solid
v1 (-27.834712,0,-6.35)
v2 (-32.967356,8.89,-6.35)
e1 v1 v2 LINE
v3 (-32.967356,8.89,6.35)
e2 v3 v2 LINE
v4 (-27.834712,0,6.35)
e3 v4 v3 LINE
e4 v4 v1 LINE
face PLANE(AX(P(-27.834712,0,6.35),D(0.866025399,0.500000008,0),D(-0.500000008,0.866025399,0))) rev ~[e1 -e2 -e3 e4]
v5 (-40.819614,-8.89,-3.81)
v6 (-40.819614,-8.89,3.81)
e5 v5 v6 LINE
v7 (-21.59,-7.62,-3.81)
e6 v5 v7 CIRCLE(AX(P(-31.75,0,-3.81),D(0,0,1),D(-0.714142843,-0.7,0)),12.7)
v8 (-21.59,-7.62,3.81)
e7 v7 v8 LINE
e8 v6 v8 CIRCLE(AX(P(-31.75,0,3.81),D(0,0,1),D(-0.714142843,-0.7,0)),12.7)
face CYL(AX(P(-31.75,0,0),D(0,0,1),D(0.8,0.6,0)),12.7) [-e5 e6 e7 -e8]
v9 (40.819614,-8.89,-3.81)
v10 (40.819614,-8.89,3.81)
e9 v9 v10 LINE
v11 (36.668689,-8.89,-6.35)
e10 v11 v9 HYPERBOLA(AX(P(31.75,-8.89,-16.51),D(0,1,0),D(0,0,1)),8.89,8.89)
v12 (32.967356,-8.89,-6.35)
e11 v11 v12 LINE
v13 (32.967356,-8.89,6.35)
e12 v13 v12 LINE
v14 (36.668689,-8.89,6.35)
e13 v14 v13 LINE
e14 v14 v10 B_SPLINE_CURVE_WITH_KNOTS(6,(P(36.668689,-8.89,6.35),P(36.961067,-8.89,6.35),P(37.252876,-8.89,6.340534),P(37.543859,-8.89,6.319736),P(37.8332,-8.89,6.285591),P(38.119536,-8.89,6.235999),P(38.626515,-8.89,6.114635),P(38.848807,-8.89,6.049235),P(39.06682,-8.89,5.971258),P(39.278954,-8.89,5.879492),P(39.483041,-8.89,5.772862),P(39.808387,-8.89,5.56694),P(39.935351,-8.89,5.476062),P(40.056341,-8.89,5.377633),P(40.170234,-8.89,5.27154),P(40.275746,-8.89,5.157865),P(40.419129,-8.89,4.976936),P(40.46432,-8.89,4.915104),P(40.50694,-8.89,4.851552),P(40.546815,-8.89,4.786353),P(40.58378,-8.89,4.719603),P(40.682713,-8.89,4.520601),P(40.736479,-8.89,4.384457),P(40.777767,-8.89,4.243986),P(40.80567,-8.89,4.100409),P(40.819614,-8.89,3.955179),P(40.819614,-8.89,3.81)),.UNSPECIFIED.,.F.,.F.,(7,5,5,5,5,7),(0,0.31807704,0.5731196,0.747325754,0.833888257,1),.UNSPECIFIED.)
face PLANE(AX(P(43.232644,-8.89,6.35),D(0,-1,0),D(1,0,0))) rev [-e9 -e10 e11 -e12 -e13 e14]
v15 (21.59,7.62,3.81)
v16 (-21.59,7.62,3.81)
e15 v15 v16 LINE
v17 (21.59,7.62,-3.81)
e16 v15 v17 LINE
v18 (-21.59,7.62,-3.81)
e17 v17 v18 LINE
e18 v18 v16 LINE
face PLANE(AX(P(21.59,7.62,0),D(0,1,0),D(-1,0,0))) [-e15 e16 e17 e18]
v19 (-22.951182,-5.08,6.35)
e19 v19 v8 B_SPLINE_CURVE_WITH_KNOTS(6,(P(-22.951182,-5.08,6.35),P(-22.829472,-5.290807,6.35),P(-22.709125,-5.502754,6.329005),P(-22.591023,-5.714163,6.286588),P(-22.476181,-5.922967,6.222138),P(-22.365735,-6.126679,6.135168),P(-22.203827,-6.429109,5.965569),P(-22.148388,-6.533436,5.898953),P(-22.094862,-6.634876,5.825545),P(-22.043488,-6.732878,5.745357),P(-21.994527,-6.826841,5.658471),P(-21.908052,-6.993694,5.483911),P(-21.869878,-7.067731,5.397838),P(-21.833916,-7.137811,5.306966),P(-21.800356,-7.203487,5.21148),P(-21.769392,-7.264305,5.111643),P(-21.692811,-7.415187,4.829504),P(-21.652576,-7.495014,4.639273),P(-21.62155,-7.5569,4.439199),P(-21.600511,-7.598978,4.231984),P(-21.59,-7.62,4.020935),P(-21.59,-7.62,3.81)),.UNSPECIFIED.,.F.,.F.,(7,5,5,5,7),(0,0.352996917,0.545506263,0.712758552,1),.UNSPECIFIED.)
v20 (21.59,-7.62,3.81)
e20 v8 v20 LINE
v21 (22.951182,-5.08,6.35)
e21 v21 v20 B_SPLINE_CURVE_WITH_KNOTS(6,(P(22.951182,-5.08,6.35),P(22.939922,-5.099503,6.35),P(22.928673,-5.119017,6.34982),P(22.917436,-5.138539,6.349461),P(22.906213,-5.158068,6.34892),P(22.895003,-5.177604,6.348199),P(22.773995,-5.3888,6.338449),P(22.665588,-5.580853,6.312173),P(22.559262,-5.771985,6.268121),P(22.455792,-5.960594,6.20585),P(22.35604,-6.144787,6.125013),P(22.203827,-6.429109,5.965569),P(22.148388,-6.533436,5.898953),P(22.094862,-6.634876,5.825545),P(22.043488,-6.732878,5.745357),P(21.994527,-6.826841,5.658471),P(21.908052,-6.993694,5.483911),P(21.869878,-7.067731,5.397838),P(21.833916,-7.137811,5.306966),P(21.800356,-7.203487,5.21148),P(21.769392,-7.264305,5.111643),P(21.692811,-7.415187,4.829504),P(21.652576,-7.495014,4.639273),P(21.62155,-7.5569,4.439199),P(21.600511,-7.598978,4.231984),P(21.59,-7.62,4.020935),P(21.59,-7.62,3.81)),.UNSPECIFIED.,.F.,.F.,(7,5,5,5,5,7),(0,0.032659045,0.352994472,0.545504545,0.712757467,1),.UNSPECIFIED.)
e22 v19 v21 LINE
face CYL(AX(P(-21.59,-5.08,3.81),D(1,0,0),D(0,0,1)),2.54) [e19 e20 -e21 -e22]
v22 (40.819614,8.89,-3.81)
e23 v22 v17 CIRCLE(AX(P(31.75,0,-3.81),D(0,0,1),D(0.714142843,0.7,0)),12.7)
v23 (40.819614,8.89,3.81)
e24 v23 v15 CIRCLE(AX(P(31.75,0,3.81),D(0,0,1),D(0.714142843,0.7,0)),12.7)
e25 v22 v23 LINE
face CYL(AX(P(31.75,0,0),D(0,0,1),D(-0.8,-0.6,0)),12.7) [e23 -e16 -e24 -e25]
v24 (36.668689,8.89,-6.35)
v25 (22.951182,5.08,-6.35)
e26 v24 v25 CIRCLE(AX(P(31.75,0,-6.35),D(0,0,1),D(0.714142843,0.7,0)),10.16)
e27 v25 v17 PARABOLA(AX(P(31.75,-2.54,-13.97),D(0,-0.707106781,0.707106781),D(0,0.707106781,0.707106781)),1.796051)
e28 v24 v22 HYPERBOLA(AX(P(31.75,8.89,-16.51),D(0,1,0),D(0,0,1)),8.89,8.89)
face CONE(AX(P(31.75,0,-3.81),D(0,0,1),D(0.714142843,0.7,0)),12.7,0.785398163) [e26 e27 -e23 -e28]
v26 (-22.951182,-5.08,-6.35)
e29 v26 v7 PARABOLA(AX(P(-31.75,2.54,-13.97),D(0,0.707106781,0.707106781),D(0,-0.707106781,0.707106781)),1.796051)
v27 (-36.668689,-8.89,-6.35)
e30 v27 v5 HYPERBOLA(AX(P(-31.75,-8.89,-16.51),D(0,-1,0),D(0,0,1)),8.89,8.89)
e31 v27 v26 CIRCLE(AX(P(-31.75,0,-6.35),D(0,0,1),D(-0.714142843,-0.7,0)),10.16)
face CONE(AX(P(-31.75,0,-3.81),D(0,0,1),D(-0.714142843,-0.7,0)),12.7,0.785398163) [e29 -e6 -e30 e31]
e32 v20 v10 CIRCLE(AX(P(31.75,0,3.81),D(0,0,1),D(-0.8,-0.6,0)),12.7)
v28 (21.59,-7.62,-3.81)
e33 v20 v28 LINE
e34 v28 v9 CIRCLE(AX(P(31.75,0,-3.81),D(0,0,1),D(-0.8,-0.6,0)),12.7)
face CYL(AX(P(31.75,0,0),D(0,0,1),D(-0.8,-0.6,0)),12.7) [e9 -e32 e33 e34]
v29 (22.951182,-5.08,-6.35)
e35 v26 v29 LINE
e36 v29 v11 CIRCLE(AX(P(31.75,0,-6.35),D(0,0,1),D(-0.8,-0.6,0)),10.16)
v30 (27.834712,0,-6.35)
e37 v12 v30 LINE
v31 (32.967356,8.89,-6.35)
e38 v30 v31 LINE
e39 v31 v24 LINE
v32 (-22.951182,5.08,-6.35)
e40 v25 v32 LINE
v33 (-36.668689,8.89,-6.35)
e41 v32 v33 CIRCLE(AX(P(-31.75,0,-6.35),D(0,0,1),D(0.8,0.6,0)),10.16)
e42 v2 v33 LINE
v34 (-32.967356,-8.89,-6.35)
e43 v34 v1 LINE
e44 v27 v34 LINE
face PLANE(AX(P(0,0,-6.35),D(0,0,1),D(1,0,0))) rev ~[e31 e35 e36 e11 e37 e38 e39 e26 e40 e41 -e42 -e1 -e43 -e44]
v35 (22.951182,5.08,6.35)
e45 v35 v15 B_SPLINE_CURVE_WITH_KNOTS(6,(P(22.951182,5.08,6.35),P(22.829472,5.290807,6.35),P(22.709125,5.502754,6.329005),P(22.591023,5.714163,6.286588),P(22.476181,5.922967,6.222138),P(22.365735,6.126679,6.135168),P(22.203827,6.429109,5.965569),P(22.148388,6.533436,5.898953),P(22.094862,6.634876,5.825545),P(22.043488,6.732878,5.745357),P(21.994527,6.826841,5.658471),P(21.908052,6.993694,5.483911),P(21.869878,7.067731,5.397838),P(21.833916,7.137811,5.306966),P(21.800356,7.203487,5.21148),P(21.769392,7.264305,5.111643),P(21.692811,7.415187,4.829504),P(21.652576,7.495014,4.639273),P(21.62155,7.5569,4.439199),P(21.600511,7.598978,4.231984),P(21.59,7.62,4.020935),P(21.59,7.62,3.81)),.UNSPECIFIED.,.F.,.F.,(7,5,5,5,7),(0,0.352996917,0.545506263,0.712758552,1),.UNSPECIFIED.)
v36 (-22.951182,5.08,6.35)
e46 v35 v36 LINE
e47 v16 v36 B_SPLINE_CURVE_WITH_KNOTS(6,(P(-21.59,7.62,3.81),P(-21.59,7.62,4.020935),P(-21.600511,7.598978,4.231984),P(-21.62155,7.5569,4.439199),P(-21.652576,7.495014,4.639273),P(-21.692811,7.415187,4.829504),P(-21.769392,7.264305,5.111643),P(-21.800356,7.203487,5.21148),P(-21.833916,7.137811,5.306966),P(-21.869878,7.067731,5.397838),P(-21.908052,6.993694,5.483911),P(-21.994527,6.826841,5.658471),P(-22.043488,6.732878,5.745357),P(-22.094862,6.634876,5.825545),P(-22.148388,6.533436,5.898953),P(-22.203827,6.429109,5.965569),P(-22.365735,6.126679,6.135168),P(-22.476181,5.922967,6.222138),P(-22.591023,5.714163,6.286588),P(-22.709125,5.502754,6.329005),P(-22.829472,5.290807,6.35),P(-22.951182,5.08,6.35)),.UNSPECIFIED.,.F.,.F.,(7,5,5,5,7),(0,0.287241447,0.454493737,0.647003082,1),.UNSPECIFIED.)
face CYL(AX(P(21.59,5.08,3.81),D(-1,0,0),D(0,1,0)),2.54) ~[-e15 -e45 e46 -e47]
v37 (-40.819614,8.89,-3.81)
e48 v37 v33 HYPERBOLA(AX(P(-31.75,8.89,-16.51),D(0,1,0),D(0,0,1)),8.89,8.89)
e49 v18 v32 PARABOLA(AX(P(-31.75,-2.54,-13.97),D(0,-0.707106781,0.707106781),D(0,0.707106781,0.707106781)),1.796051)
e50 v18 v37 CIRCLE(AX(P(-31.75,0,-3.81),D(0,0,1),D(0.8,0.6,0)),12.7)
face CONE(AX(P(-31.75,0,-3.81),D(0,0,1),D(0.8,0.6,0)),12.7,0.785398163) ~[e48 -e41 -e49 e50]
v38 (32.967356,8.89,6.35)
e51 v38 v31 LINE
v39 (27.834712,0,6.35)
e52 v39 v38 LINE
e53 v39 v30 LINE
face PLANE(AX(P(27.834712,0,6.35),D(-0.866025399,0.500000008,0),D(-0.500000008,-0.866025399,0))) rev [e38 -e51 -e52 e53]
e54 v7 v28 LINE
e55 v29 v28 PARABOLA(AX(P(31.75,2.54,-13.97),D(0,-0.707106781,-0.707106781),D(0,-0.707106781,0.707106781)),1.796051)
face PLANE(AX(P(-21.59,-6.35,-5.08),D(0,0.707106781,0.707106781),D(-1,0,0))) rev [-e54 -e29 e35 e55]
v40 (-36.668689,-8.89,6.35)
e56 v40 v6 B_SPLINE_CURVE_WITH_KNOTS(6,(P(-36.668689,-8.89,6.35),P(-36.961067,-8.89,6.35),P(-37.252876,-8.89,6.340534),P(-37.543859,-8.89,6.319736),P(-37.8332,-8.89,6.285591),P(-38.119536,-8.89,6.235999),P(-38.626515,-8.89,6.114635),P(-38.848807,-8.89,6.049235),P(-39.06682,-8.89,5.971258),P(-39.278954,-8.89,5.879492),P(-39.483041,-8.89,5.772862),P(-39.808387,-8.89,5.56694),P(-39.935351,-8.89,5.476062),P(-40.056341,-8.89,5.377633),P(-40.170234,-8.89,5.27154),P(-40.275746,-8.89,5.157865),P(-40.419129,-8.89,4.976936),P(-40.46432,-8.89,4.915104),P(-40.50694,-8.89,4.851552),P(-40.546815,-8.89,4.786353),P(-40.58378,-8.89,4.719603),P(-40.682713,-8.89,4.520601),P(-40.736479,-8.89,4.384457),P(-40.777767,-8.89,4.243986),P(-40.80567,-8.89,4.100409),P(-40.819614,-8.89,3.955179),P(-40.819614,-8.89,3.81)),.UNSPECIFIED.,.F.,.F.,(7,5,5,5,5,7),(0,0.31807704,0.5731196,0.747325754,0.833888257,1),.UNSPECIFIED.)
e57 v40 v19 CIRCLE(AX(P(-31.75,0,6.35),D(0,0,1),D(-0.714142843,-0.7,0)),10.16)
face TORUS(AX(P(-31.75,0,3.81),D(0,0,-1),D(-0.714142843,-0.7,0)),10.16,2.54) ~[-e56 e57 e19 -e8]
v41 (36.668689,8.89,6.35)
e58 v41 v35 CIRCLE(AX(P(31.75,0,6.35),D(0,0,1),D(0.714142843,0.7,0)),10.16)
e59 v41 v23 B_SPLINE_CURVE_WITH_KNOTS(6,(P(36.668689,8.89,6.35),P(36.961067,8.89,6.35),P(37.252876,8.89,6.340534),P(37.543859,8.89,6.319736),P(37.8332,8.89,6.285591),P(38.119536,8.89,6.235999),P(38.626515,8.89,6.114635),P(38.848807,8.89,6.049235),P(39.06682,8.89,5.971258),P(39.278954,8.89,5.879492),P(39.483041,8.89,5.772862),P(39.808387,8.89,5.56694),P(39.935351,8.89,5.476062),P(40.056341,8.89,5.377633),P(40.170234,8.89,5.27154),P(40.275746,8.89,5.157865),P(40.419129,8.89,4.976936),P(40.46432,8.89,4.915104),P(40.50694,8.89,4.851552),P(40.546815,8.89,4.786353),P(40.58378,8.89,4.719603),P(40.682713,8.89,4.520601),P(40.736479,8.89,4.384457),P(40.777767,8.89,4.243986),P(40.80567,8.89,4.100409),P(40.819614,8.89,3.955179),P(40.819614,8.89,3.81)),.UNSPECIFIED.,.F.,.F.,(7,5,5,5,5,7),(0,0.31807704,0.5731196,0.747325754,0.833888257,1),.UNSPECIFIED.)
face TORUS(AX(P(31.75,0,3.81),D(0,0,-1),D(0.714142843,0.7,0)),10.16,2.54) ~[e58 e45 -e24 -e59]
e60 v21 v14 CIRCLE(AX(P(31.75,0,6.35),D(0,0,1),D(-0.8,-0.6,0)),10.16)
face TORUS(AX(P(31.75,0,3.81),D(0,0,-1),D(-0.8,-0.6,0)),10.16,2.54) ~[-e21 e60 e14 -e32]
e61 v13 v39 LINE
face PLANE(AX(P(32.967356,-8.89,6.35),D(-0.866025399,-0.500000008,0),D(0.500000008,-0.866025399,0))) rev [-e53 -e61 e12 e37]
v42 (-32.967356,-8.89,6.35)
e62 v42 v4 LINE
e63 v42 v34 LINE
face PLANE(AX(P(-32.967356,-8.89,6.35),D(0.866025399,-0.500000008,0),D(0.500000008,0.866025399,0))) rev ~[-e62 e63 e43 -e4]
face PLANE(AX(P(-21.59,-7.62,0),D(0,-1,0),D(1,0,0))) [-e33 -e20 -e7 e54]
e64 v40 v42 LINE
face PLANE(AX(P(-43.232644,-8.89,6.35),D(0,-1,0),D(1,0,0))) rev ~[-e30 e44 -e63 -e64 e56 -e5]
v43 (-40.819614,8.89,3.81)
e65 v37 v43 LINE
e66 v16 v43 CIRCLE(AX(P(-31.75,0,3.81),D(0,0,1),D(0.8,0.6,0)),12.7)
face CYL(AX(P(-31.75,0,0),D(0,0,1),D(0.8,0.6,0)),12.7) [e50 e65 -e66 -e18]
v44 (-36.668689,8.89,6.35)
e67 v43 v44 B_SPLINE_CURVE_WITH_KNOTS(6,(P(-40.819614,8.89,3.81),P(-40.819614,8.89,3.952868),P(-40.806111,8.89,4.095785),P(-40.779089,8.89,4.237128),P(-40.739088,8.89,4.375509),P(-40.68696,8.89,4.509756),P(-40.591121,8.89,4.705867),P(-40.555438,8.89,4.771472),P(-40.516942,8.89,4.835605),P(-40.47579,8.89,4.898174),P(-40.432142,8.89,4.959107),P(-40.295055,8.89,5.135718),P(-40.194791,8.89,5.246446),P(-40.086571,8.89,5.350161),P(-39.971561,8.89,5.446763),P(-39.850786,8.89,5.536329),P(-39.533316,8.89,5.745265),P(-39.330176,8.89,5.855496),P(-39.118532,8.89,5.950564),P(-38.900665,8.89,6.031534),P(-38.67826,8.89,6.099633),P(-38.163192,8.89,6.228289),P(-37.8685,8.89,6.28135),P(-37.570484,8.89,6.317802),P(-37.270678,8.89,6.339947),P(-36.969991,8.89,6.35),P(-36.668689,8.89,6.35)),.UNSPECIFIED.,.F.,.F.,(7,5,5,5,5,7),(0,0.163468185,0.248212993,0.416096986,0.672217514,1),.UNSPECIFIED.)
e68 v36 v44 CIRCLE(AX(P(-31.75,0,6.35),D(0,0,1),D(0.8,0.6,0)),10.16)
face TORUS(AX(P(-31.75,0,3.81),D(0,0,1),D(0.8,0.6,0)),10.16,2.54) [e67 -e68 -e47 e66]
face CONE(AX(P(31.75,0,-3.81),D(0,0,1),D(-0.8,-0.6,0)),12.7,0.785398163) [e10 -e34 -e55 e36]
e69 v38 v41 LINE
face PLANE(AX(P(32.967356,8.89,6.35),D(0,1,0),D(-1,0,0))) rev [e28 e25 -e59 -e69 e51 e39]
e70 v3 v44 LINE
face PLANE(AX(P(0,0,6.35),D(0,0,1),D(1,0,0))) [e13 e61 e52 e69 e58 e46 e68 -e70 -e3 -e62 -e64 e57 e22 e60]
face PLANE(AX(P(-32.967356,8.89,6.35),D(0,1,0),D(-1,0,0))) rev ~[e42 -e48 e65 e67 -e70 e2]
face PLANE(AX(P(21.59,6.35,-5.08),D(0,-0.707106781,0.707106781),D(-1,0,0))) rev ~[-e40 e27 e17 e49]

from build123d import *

# Parameters (mm, degrees)
F1_DEPTH = 6.35
F3_DEPTH = 12.701
F6_R     = 2.54
F7_SIZE  = 2.54


with BuildPart() as f1:
    # F0 (on Top) → F1 (new body, symmetric)
    with BuildSketch(Plane.XY):
        with BuildLine():
            Line((21.59, 7.62), (-21.59, 7.62))
            ThreePointArc((-21.59, 7.62), (-44.45, 0), (-21.59, -7.62))
            Line((-21.59, -7.62), (21.59, -7.62))
            ThreePointArc((21.59, -7.62), (44.45, 0), (21.59, 7.62))
        make_face()
    extrude(amount=F1_DEPTH, both=True)

    # F4: F3 across plane


with BuildPart() as f3:
    # F2 (on face) → F3 (new body, through all)
    with BuildSketch(Plane.XY.offset(6.35)):
        Polygon((-43.232644, 8.89), (-48.365288, 0), (-43.232644, -8.89), (-32.967356, -8.89), (-27.834712, 0), (-32.967356, 8.89), align=None)
    extrude(amount=-F3_DEPTH)


with BuildPart() as f1_1:
    add(f1.part)
    add(f3.part.mirror(Plane.YZ), mode=Mode.SUBTRACT)

    # F5: cut F3
    add(f3.part, mode=Mode.SUBTRACT)

    # F6
    f6_edges = [f1_1.edges().sort_by_distance(p)[0] for p in [
        (0, -7.62, 6.35),
        (-30.913065, 12.672393, 6.35),
        (-30.913065, -12.672393, 6.35),
        (30.913065, -12.672393, 6.35),
        (30.913065, 12.672393, 6.35),
        (0, 7.62, 6.35),
    ]]
    fillet(f6_edges, radius=F6_R)

    # F7
    f7_edges = [f1_1.edges().sort_by_distance(p)[0] for p in [
        (-30.913065, 12.672393, -6.35),
        (-30.913065, -12.672393, -6.35),
        (0, -7.62, -6.35),
        (30.913065, -12.672393, -6.35),
        (30.913065, 12.672393, -6.35),
        (0, 7.62, -6.35),
    ]]
    chamfer(f7_edges, length=F7_SIZE)


solid = f1_1.part
